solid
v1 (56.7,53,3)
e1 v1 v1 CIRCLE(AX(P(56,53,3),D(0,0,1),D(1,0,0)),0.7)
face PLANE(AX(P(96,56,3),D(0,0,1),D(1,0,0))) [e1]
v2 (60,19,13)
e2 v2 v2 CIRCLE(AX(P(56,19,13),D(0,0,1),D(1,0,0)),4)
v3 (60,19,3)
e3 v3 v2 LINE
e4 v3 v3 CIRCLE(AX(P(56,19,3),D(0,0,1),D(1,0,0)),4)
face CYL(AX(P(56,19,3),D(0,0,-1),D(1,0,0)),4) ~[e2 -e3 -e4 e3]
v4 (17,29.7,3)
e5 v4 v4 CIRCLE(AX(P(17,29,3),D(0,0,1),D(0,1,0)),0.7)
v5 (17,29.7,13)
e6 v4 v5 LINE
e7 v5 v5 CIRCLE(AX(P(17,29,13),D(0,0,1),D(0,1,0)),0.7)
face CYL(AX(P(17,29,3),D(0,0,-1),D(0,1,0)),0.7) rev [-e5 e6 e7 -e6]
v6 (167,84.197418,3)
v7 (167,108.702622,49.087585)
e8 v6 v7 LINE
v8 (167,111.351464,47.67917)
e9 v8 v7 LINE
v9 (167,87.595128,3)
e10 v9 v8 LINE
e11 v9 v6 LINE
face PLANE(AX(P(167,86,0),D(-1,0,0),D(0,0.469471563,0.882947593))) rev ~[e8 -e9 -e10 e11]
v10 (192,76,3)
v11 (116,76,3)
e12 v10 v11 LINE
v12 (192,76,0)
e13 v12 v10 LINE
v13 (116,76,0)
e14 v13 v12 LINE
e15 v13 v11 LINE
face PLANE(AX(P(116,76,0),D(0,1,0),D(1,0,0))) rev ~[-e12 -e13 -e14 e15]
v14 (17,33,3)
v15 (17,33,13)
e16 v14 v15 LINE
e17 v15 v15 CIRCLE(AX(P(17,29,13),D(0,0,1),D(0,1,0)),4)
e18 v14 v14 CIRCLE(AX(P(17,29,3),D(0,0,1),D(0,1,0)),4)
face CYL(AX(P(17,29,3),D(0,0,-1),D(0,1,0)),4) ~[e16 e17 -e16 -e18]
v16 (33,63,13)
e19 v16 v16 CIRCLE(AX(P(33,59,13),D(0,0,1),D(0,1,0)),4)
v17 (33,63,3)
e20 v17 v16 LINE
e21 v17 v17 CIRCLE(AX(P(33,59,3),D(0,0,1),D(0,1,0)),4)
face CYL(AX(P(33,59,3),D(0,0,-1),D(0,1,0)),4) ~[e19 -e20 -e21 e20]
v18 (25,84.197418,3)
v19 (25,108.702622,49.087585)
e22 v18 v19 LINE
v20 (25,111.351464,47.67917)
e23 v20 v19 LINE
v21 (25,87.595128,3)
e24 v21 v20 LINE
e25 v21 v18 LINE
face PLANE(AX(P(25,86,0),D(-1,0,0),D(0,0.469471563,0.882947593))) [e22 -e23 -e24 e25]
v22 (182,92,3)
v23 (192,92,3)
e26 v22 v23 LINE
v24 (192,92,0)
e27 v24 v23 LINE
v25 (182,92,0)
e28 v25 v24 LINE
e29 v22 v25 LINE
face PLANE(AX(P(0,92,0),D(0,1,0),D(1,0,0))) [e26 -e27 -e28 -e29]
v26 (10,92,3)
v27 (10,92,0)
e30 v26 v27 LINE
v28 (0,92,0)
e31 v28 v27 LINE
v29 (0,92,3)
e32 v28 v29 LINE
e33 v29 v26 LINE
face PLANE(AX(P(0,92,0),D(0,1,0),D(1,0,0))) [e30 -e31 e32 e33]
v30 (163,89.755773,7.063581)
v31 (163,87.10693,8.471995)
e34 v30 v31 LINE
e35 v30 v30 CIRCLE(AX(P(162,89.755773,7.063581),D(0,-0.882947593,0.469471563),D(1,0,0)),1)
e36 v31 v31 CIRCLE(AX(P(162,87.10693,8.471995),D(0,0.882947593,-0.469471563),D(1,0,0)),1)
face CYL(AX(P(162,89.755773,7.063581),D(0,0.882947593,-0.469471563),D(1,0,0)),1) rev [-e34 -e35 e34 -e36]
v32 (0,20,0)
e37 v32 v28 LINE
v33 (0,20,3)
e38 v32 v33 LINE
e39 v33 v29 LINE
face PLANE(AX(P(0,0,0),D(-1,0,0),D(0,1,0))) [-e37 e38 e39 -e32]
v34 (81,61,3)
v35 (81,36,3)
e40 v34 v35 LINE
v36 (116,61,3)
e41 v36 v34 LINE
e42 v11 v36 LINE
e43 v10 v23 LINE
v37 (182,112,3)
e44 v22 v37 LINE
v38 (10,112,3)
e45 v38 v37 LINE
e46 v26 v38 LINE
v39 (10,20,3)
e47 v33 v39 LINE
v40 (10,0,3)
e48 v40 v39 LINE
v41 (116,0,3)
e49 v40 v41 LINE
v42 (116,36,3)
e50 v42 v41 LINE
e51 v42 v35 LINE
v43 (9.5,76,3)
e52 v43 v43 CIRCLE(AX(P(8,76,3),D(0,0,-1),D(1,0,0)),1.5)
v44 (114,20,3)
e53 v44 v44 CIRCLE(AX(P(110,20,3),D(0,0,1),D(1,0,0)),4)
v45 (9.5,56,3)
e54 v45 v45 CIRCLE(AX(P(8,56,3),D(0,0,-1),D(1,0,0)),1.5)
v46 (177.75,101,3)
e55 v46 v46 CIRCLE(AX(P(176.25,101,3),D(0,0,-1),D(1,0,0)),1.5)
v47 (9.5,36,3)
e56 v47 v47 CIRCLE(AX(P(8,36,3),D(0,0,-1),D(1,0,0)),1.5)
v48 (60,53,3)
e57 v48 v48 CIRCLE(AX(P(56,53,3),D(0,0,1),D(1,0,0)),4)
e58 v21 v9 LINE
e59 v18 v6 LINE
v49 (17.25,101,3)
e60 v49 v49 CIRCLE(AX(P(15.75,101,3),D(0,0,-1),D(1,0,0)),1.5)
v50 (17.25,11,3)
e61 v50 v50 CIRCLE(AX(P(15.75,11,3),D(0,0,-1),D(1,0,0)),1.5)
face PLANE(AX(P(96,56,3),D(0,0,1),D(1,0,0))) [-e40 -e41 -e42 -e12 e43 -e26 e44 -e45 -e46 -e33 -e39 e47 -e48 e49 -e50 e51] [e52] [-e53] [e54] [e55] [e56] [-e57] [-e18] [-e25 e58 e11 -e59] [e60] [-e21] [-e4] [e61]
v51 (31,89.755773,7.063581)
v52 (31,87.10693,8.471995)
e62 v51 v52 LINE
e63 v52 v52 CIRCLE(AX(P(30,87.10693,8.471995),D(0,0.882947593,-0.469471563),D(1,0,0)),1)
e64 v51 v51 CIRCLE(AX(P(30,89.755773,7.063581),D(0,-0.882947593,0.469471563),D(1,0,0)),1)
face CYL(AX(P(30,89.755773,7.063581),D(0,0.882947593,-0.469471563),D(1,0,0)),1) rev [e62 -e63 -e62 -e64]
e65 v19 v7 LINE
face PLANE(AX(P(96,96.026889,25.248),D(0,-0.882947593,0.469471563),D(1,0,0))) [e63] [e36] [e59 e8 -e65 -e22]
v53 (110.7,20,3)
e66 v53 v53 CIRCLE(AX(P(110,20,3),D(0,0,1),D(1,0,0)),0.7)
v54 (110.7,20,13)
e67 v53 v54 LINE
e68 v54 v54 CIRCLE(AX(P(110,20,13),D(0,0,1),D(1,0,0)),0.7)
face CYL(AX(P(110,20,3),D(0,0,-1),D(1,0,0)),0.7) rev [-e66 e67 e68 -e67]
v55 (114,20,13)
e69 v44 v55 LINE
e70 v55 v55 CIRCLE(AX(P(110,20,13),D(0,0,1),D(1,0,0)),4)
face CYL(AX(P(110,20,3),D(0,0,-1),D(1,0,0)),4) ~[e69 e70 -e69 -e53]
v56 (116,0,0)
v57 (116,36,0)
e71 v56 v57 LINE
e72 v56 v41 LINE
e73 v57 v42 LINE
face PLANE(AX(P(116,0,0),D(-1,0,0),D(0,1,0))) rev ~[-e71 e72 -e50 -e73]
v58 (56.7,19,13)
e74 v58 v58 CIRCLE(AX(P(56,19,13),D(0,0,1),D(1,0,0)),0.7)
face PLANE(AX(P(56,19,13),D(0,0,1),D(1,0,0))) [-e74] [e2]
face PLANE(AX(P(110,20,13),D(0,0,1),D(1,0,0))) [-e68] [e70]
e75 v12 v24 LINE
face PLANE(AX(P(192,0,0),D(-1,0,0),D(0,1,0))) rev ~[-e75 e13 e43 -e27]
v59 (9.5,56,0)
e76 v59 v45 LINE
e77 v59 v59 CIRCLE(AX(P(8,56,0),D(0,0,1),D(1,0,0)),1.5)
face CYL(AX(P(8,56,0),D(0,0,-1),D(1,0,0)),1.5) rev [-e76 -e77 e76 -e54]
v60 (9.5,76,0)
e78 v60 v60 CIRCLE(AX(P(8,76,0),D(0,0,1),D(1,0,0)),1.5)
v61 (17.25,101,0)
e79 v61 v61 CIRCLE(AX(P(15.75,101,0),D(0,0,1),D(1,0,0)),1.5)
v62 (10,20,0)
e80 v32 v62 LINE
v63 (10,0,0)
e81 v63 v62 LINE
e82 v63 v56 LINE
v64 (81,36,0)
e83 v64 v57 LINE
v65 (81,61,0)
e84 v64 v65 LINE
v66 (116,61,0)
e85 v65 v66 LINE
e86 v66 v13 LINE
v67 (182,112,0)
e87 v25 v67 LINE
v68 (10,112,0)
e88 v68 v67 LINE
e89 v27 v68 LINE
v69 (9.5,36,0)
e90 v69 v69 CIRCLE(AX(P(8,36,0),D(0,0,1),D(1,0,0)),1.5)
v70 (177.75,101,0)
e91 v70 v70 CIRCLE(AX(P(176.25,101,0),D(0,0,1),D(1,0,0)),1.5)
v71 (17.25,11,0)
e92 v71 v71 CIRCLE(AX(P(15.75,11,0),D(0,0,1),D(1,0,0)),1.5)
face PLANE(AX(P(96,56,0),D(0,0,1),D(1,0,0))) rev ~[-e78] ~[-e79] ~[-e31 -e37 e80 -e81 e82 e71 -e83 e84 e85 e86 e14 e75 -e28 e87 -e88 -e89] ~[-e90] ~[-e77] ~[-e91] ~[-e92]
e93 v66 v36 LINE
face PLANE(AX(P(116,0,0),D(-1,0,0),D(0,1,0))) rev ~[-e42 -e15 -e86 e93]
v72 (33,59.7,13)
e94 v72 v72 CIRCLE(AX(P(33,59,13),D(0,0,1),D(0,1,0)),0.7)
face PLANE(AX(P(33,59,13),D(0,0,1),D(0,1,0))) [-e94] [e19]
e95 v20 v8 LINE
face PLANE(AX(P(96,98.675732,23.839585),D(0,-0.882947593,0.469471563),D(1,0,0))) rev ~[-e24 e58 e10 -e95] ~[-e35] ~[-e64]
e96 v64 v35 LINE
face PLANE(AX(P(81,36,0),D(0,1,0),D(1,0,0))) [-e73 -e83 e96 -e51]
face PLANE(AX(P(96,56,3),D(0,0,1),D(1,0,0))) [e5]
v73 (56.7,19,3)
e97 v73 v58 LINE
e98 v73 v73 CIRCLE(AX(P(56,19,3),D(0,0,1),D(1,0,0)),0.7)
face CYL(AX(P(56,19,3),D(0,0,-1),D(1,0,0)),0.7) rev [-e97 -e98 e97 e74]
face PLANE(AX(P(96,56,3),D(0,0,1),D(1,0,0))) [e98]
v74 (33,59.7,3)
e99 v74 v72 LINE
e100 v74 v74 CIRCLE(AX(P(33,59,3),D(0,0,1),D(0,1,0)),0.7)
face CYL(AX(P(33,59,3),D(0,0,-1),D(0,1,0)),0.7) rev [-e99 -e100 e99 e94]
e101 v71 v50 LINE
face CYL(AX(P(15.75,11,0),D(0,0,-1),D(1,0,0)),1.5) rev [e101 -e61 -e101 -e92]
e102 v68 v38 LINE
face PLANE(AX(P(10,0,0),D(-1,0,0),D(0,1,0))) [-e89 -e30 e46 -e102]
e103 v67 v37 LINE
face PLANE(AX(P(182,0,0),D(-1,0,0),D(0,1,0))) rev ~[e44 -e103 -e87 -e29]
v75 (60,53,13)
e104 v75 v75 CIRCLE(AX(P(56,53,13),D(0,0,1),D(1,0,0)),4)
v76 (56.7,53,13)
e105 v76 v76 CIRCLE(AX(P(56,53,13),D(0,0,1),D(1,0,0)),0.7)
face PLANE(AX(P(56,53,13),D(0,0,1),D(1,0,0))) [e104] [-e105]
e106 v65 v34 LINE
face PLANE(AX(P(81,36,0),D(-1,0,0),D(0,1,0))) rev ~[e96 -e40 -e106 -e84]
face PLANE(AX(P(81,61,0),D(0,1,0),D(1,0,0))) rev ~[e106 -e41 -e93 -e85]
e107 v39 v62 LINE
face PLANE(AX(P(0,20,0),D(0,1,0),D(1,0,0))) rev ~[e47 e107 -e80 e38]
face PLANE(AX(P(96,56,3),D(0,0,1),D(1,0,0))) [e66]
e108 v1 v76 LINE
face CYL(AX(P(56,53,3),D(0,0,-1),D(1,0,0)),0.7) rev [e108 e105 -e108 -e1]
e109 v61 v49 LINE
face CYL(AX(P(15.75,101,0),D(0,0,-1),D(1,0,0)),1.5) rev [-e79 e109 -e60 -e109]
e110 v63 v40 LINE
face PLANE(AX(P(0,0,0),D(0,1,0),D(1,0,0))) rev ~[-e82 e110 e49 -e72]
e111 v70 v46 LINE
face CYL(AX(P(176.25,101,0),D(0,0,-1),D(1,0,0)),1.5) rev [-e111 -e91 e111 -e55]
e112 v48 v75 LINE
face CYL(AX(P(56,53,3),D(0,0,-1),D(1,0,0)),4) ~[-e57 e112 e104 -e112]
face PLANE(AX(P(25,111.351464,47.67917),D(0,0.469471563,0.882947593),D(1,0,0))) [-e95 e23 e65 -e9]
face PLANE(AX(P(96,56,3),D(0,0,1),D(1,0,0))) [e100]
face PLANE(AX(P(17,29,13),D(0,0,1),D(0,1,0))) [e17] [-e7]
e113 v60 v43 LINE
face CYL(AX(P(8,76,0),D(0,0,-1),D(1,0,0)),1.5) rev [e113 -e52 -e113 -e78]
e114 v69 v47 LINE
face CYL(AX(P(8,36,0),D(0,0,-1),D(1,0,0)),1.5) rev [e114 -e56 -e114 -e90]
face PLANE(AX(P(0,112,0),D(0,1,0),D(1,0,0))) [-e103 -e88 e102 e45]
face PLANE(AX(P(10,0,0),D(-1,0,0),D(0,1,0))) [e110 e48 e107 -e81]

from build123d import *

# Parameters (mm, degrees)
BOX006_W                  = 35
BOX006_H                  = 25
BOX006_DEPTH              = 10
CYLINDER010_R             = 0.7
CYLINDER010_DEPTH         = 10
CYLINDER011_R             = 4
CYLINDER011_DEPTH         = 10
CYLINDER012_R             = 0.7
CYLINDER012_DEPTH         = 10
CYLINDER013_R             = 4
CYLINDER013_DEPTH         = 10
CYLINDER009_R             = 0.7
CYLINDER009_DEPTH         = 10
CYLINDER008_R             = 4
CYLINDER008_DEPTH         = 10
CYLINDER016_R             = 0.7
CYLINDER016_DEPTH         = 10
CYLINDER017_R             = 4
CYLINDER017_DEPTH         = 10
CYLINDER018_R             = 0.7
CYLINDER018_DEPTH         = 10
CYLINDER019_R             = 4
CYLINDER019_DEPTH         = 10
FUSION003_PLACEMENT_ANGLE = 90
CYLINDER006_R             = 1
CYLINDER006_DEPTH         = 10
CYLINDER007_R             = 1
CYLINDER007_DEPTH         = 10
BOX005_W                  = 142
BOX005_H                  = 54
BOX005_DEPTH              = 3
CUT010_PLACEMENT_ANGLE    = 62
CYLINDER_R                = 1.5
CYLINDER_DEPTH            = 10
CYLINDER001_R             = 1.5
CYLINDER001_DEPTH         = 10
CYLINDER002_R             = 1.5
CYLINDER002_DEPTH         = 10
CYLINDER003_R             = 1.5
CYLINDER003_DEPTH         = 10
CYLINDER004_R             = 1.5
CYLINDER004_DEPTH         = 10
CYLINDER005_R             = 1.5
CYLINDER005_DEPTH         = 10
BOX004_W                  = 76
BOX004_H                  = 76
BOX004_DEPTH              = 10
BOX002_W                  = 192
BOX002_H                  = 72
BOX002_DEPTH              = 3
BOX003_W                  = 172
BOX003_H                  = 112
BOX003_DEPTH              = 3
BOX001_W                  = 192
BOX001_H                  = 112
BOX001_DEPTH              = 3
BOX_W                     = 192
BOX_H                     = 112
BOX_DEPTH                 = 3


with BuildPart() as cube006:
    # Box006 → Box006 (new body)
    with BuildSketch(Plane(origin=(81, 36, 0), x_dir=(1, 0, 0), z_dir=(0, 0, 1))):
        with Locations((17.5, 12.5)):
            Rectangle(BOX006_W, BOX006_H)
    extrude(amount=BOX006_DEPTH)


with BuildPart() as cylinder010:
    # Cylinder010 → Cylinder010 (new body)
    with BuildSketch(Plane.XY.offset(3)):
        Circle(CYLINDER010_R)
    extrude(amount=CYLINDER010_DEPTH)


with BuildPart() as cut012:
    # Cylinder011 → Cylinder011 (new body)
    with BuildSketch(Plane.XY.offset(3)):
        Circle(CYLINDER011_R)
    extrude(amount=CYLINDER011_DEPTH)

    # Cut012: cut Cylinder010
    add(cylinder010.part, mode=Mode.SUBTRACT)


with BuildPart() as cut012_1:
    # Cut012 placement: moved
    add(cut012.part.moved(Location((0, 34, 0))))


with BuildPart() as cylinder012:
    # Cylinder012 → Cylinder012 (new body)
    with BuildSketch(Plane.XY.offset(3)):
        Circle(CYLINDER012_R)
    extrude(amount=CYLINDER012_DEPTH)


with BuildPart() as cut013:
    # Cylinder013 → Cylinder013 (new body)
    with BuildSketch(Plane.XY.offset(3)):
        Circle(CYLINDER013_R)
    extrude(amount=CYLINDER013_DEPTH)

    # Cut013: cut Cylinder012
    add(cylinder012.part, mode=Mode.SUBTRACT)


with BuildPart() as cut013_1:
    # Cut013 placement: moved
    add(cut013.part.moved(Location((54, 1, 0))))


with BuildPart() as cylinder009:
    # Cylinder009 → Cylinder009 (new body)
    with BuildSketch(Plane.XY.offset(3)):
        Circle(CYLINDER009_R)
    extrude(amount=CYLINDER009_DEPTH)


with BuildPart() as fusion002:
    # Cylinder008 → Cylinder008 (new body)
    with BuildSketch(Plane.XY.offset(3)):
        Circle(CYLINDER008_R)
    extrude(amount=CYLINDER008_DEPTH)

    # Cut011: cut Cylinder009
    add(cylinder009.part, mode=Mode.SUBTRACT)

    # Fusion002: union Cut012, Cut013
    add(cut012_1.part)
    add(cut013_1.part)


with BuildPart() as fusion002_1:
    # Fusion002 placement: moved
    add(fusion002.part.moved(Location((56, 19, 0))))


with BuildPart() as cylinder016:
    # Cylinder016 → Cylinder016 (new body)
    with BuildSketch(Plane.XY.offset(3)):
        Circle(CYLINDER016_R)
    extrude(amount=CYLINDER016_DEPTH)


with BuildPart() as cut015:
    # Cylinder017 → Cylinder017 (new body)
    with BuildSketch(Plane.XY.offset(3)):
        Circle(CYLINDER017_R)
    extrude(amount=CYLINDER017_DEPTH)

    # Cut015: cut Cylinder016
    add(cylinder016.part, mode=Mode.SUBTRACT)


with BuildPart() as cut015_1:
    # Cut015 placement: moved
    add(cut015.part.moved(Location((0, 16, 0))))


with BuildPart() as cylinder018:
    # Cylinder018 → Cylinder018 (new body)
    with BuildSketch(Plane.XY.offset(3)):
        Circle(CYLINDER018_R)
    extrude(amount=CYLINDER018_DEPTH)


with BuildPart() as fusion003:
    # Cylinder019 → Cylinder019 (new body)
    with BuildSketch(Plane.XY.offset(3)):
        Circle(CYLINDER019_R)
    extrude(amount=CYLINDER019_DEPTH)

    # Cut016: cut Cylinder018
    add(cylinder018.part, mode=Mode.SUBTRACT)


with BuildPart() as fusion003_1:
    # Cut016 placement: moved
    add(fusion003.part.moved(Location((30, 0, 0))))

    # Fusion003: union Cut015
    add(cut015_1.part)


with BuildPart() as fusion003_2:
    # Fusion003 placement: moved
    add(fusion003_1.part.moved(Location((33, 29, 0))).rotate(Axis((33, 29, 0), (0, 0, 1)), FUSION003_PLACEMENT_ANGLE))


with BuildPart() as cylinder006:
    # Cylinder006 → Cylinder006 (new body)
    with BuildSketch(Plane(origin=(5, 8, 0), x_dir=(1, 0, 0), z_dir=(0, 0, 1))):
        Circle(CYLINDER006_R)
    extrude(amount=CYLINDER006_DEPTH)


with BuildPart() as cylinder007:
    # Cylinder007 → Cylinder007 (new body)
    with BuildSketch(Plane(origin=(137, 8, 0), x_dir=(1, 0, 0), z_dir=(0, 0, 1))):
        Circle(CYLINDER007_R)
    extrude(amount=CYLINDER007_DEPTH)


with BuildPart() as cut010:
    # Box005 → Box005 (new body)
    with BuildSketch(Plane.XY):
        with Locations((71, 27)):
            Rectangle(BOX005_W, BOX005_H)
    extrude(amount=BOX005_DEPTH)

    # Cut009: cut Cylinder007
    add(cylinder007.part, mode=Mode.SUBTRACT)

    # Cut010: cut Cylinder006
    add(cylinder006.part, mode=Mode.SUBTRACT)


with BuildPart() as cut010_1:
    # Cut010 placement: moved
    add(cut010.part.moved(Location((25, 86, 0))).rotate(Axis((25, 86, 0), (1, 0, 0)), CUT010_PLACEMENT_ANGLE))


with BuildPart() as cylinder:
    # Cylinder → Cylinder (new body)
    with BuildSketch(Plane(origin=(8, 56, 0), x_dir=(1, 0, 0), z_dir=(0, 0, 1))):
        Circle(CYLINDER_R)
    extrude(amount=CYLINDER_DEPTH)


with BuildPart() as cylinder001:
    # Cylinder001 → Cylinder001 (new body)
    with BuildSketch(Plane(origin=(8, 76, 0), x_dir=(1, 0, 0), z_dir=(0, 0, 1))):
        Circle(CYLINDER001_R)
    extrude(amount=CYLINDER001_DEPTH)


with BuildPart() as cylinder002:
    # Cylinder002 → Cylinder002 (new body)
    with BuildSketch(Plane(origin=(8, 36, 0), x_dir=(1, 0, 0), z_dir=(0, 0, 1))):
        Circle(CYLINDER002_R)
    extrude(amount=CYLINDER002_DEPTH)


with BuildPart() as cylinder003:
    # Cylinder003 → Cylinder003 (new body)
    with BuildSketch(Plane(origin=(15.75, 11, 0), x_dir=(1, 0, 0), z_dir=(0, 0, 1))):
        Circle(CYLINDER003_R)
    extrude(amount=CYLINDER003_DEPTH)


with BuildPart() as cylinder004:
    # Cylinder004 → Cylinder004 (new body)
    with BuildSketch(Plane(origin=(15.75, 101, 0), x_dir=(1, 0, 0), z_dir=(0, 0, 1))):
        Circle(CYLINDER004_R)
    extrude(amount=CYLINDER004_DEPTH)


with BuildPart() as cylinder005:
    # Cylinder005 → Cylinder005 (new body)
    with BuildSketch(Plane(origin=(176.25, 101, 0), x_dir=(1, 0, 0), z_dir=(0, 0, 1))):
        Circle(CYLINDER005_R)
    extrude(amount=CYLINDER005_DEPTH)


with BuildPart() as cube004:
    # Box004 → Box004 (new body)
    with BuildSketch(Plane(origin=(116, 0, 0), x_dir=(1, 0, 0), z_dir=(0, 0, 1))):
        with Locations((38, 38)):
            Rectangle(BOX004_W, BOX004_H)
    extrude(amount=BOX004_DEPTH)


with BuildPart() as cube002:
    # Box002 → Box002 (new body)
    with BuildSketch(Plane(origin=(0, 20, 0), x_dir=(1, 0, 0), z_dir=(0, 0, 1))):
        with Locations((96, 36)):
            Rectangle(BOX002_W, BOX002_H)
    extrude(amount=BOX002_DEPTH)


with BuildPart() as fusion:
    # Box003 → Box003 (new body)
    with BuildSketch(Plane(origin=(10, 0, 0), x_dir=(1, 0, 0), z_dir=(0, 0, 1))):
        with Locations((86, 56)):
            Rectangle(BOX003_W, BOX003_H)
    extrude(amount=BOX003_DEPTH)

    # Fusion: union Cube002
    add(cube002.part)


with BuildPart() as cut:
    # Box001 → Box001 (new body)
    with BuildSketch(Plane.XY):
        with Locations((96, 56)):
            Rectangle(BOX001_W, BOX001_H)
    extrude(amount=BOX001_DEPTH)

    # Cut: cut Fusion
    add(fusion.part, mode=Mode.SUBTRACT)


with BuildPart() as cut017:
    # Box → Box (new body)
    with BuildSketch(Plane.XY):
        with Locations((96, 56)):
            Rectangle(BOX_W, BOX_H)
    extrude(amount=BOX_DEPTH)

    # Cut001: cut Cut
    add(cut.part, mode=Mode.SUBTRACT)

    # Cut002: cut Cube004
    add(cube004.part, mode=Mode.SUBTRACT)

    # Cut003: cut Cylinder005
    add(cylinder005.part, mode=Mode.SUBTRACT)

    # Cut004: cut Cylinder004
    add(cylinder004.part, mode=Mode.SUBTRACT)

    # Cut005: cut Cylinder003
    add(cylinder003.part, mode=Mode.SUBTRACT)

    # Cut006: cut Cylinder002
    add(cylinder002.part, mode=Mode.SUBTRACT)

    # Cut007: cut Cylinder001
    add(cylinder001.part, mode=Mode.SUBTRACT)

    # Cut008: cut Cylinder
    add(cylinder.part, mode=Mode.SUBTRACT)

    # Fusion001: union Cut010
    add(cut010_1.part)

    # Fusion004: union Fusion002, Fusion003
    add(fusion002_1.part)
    add(fusion003_2.part)

    # Cut017: cut Cube006
    add(cube006.part, mode=Mode.SUBTRACT)


solid = cut017.part
